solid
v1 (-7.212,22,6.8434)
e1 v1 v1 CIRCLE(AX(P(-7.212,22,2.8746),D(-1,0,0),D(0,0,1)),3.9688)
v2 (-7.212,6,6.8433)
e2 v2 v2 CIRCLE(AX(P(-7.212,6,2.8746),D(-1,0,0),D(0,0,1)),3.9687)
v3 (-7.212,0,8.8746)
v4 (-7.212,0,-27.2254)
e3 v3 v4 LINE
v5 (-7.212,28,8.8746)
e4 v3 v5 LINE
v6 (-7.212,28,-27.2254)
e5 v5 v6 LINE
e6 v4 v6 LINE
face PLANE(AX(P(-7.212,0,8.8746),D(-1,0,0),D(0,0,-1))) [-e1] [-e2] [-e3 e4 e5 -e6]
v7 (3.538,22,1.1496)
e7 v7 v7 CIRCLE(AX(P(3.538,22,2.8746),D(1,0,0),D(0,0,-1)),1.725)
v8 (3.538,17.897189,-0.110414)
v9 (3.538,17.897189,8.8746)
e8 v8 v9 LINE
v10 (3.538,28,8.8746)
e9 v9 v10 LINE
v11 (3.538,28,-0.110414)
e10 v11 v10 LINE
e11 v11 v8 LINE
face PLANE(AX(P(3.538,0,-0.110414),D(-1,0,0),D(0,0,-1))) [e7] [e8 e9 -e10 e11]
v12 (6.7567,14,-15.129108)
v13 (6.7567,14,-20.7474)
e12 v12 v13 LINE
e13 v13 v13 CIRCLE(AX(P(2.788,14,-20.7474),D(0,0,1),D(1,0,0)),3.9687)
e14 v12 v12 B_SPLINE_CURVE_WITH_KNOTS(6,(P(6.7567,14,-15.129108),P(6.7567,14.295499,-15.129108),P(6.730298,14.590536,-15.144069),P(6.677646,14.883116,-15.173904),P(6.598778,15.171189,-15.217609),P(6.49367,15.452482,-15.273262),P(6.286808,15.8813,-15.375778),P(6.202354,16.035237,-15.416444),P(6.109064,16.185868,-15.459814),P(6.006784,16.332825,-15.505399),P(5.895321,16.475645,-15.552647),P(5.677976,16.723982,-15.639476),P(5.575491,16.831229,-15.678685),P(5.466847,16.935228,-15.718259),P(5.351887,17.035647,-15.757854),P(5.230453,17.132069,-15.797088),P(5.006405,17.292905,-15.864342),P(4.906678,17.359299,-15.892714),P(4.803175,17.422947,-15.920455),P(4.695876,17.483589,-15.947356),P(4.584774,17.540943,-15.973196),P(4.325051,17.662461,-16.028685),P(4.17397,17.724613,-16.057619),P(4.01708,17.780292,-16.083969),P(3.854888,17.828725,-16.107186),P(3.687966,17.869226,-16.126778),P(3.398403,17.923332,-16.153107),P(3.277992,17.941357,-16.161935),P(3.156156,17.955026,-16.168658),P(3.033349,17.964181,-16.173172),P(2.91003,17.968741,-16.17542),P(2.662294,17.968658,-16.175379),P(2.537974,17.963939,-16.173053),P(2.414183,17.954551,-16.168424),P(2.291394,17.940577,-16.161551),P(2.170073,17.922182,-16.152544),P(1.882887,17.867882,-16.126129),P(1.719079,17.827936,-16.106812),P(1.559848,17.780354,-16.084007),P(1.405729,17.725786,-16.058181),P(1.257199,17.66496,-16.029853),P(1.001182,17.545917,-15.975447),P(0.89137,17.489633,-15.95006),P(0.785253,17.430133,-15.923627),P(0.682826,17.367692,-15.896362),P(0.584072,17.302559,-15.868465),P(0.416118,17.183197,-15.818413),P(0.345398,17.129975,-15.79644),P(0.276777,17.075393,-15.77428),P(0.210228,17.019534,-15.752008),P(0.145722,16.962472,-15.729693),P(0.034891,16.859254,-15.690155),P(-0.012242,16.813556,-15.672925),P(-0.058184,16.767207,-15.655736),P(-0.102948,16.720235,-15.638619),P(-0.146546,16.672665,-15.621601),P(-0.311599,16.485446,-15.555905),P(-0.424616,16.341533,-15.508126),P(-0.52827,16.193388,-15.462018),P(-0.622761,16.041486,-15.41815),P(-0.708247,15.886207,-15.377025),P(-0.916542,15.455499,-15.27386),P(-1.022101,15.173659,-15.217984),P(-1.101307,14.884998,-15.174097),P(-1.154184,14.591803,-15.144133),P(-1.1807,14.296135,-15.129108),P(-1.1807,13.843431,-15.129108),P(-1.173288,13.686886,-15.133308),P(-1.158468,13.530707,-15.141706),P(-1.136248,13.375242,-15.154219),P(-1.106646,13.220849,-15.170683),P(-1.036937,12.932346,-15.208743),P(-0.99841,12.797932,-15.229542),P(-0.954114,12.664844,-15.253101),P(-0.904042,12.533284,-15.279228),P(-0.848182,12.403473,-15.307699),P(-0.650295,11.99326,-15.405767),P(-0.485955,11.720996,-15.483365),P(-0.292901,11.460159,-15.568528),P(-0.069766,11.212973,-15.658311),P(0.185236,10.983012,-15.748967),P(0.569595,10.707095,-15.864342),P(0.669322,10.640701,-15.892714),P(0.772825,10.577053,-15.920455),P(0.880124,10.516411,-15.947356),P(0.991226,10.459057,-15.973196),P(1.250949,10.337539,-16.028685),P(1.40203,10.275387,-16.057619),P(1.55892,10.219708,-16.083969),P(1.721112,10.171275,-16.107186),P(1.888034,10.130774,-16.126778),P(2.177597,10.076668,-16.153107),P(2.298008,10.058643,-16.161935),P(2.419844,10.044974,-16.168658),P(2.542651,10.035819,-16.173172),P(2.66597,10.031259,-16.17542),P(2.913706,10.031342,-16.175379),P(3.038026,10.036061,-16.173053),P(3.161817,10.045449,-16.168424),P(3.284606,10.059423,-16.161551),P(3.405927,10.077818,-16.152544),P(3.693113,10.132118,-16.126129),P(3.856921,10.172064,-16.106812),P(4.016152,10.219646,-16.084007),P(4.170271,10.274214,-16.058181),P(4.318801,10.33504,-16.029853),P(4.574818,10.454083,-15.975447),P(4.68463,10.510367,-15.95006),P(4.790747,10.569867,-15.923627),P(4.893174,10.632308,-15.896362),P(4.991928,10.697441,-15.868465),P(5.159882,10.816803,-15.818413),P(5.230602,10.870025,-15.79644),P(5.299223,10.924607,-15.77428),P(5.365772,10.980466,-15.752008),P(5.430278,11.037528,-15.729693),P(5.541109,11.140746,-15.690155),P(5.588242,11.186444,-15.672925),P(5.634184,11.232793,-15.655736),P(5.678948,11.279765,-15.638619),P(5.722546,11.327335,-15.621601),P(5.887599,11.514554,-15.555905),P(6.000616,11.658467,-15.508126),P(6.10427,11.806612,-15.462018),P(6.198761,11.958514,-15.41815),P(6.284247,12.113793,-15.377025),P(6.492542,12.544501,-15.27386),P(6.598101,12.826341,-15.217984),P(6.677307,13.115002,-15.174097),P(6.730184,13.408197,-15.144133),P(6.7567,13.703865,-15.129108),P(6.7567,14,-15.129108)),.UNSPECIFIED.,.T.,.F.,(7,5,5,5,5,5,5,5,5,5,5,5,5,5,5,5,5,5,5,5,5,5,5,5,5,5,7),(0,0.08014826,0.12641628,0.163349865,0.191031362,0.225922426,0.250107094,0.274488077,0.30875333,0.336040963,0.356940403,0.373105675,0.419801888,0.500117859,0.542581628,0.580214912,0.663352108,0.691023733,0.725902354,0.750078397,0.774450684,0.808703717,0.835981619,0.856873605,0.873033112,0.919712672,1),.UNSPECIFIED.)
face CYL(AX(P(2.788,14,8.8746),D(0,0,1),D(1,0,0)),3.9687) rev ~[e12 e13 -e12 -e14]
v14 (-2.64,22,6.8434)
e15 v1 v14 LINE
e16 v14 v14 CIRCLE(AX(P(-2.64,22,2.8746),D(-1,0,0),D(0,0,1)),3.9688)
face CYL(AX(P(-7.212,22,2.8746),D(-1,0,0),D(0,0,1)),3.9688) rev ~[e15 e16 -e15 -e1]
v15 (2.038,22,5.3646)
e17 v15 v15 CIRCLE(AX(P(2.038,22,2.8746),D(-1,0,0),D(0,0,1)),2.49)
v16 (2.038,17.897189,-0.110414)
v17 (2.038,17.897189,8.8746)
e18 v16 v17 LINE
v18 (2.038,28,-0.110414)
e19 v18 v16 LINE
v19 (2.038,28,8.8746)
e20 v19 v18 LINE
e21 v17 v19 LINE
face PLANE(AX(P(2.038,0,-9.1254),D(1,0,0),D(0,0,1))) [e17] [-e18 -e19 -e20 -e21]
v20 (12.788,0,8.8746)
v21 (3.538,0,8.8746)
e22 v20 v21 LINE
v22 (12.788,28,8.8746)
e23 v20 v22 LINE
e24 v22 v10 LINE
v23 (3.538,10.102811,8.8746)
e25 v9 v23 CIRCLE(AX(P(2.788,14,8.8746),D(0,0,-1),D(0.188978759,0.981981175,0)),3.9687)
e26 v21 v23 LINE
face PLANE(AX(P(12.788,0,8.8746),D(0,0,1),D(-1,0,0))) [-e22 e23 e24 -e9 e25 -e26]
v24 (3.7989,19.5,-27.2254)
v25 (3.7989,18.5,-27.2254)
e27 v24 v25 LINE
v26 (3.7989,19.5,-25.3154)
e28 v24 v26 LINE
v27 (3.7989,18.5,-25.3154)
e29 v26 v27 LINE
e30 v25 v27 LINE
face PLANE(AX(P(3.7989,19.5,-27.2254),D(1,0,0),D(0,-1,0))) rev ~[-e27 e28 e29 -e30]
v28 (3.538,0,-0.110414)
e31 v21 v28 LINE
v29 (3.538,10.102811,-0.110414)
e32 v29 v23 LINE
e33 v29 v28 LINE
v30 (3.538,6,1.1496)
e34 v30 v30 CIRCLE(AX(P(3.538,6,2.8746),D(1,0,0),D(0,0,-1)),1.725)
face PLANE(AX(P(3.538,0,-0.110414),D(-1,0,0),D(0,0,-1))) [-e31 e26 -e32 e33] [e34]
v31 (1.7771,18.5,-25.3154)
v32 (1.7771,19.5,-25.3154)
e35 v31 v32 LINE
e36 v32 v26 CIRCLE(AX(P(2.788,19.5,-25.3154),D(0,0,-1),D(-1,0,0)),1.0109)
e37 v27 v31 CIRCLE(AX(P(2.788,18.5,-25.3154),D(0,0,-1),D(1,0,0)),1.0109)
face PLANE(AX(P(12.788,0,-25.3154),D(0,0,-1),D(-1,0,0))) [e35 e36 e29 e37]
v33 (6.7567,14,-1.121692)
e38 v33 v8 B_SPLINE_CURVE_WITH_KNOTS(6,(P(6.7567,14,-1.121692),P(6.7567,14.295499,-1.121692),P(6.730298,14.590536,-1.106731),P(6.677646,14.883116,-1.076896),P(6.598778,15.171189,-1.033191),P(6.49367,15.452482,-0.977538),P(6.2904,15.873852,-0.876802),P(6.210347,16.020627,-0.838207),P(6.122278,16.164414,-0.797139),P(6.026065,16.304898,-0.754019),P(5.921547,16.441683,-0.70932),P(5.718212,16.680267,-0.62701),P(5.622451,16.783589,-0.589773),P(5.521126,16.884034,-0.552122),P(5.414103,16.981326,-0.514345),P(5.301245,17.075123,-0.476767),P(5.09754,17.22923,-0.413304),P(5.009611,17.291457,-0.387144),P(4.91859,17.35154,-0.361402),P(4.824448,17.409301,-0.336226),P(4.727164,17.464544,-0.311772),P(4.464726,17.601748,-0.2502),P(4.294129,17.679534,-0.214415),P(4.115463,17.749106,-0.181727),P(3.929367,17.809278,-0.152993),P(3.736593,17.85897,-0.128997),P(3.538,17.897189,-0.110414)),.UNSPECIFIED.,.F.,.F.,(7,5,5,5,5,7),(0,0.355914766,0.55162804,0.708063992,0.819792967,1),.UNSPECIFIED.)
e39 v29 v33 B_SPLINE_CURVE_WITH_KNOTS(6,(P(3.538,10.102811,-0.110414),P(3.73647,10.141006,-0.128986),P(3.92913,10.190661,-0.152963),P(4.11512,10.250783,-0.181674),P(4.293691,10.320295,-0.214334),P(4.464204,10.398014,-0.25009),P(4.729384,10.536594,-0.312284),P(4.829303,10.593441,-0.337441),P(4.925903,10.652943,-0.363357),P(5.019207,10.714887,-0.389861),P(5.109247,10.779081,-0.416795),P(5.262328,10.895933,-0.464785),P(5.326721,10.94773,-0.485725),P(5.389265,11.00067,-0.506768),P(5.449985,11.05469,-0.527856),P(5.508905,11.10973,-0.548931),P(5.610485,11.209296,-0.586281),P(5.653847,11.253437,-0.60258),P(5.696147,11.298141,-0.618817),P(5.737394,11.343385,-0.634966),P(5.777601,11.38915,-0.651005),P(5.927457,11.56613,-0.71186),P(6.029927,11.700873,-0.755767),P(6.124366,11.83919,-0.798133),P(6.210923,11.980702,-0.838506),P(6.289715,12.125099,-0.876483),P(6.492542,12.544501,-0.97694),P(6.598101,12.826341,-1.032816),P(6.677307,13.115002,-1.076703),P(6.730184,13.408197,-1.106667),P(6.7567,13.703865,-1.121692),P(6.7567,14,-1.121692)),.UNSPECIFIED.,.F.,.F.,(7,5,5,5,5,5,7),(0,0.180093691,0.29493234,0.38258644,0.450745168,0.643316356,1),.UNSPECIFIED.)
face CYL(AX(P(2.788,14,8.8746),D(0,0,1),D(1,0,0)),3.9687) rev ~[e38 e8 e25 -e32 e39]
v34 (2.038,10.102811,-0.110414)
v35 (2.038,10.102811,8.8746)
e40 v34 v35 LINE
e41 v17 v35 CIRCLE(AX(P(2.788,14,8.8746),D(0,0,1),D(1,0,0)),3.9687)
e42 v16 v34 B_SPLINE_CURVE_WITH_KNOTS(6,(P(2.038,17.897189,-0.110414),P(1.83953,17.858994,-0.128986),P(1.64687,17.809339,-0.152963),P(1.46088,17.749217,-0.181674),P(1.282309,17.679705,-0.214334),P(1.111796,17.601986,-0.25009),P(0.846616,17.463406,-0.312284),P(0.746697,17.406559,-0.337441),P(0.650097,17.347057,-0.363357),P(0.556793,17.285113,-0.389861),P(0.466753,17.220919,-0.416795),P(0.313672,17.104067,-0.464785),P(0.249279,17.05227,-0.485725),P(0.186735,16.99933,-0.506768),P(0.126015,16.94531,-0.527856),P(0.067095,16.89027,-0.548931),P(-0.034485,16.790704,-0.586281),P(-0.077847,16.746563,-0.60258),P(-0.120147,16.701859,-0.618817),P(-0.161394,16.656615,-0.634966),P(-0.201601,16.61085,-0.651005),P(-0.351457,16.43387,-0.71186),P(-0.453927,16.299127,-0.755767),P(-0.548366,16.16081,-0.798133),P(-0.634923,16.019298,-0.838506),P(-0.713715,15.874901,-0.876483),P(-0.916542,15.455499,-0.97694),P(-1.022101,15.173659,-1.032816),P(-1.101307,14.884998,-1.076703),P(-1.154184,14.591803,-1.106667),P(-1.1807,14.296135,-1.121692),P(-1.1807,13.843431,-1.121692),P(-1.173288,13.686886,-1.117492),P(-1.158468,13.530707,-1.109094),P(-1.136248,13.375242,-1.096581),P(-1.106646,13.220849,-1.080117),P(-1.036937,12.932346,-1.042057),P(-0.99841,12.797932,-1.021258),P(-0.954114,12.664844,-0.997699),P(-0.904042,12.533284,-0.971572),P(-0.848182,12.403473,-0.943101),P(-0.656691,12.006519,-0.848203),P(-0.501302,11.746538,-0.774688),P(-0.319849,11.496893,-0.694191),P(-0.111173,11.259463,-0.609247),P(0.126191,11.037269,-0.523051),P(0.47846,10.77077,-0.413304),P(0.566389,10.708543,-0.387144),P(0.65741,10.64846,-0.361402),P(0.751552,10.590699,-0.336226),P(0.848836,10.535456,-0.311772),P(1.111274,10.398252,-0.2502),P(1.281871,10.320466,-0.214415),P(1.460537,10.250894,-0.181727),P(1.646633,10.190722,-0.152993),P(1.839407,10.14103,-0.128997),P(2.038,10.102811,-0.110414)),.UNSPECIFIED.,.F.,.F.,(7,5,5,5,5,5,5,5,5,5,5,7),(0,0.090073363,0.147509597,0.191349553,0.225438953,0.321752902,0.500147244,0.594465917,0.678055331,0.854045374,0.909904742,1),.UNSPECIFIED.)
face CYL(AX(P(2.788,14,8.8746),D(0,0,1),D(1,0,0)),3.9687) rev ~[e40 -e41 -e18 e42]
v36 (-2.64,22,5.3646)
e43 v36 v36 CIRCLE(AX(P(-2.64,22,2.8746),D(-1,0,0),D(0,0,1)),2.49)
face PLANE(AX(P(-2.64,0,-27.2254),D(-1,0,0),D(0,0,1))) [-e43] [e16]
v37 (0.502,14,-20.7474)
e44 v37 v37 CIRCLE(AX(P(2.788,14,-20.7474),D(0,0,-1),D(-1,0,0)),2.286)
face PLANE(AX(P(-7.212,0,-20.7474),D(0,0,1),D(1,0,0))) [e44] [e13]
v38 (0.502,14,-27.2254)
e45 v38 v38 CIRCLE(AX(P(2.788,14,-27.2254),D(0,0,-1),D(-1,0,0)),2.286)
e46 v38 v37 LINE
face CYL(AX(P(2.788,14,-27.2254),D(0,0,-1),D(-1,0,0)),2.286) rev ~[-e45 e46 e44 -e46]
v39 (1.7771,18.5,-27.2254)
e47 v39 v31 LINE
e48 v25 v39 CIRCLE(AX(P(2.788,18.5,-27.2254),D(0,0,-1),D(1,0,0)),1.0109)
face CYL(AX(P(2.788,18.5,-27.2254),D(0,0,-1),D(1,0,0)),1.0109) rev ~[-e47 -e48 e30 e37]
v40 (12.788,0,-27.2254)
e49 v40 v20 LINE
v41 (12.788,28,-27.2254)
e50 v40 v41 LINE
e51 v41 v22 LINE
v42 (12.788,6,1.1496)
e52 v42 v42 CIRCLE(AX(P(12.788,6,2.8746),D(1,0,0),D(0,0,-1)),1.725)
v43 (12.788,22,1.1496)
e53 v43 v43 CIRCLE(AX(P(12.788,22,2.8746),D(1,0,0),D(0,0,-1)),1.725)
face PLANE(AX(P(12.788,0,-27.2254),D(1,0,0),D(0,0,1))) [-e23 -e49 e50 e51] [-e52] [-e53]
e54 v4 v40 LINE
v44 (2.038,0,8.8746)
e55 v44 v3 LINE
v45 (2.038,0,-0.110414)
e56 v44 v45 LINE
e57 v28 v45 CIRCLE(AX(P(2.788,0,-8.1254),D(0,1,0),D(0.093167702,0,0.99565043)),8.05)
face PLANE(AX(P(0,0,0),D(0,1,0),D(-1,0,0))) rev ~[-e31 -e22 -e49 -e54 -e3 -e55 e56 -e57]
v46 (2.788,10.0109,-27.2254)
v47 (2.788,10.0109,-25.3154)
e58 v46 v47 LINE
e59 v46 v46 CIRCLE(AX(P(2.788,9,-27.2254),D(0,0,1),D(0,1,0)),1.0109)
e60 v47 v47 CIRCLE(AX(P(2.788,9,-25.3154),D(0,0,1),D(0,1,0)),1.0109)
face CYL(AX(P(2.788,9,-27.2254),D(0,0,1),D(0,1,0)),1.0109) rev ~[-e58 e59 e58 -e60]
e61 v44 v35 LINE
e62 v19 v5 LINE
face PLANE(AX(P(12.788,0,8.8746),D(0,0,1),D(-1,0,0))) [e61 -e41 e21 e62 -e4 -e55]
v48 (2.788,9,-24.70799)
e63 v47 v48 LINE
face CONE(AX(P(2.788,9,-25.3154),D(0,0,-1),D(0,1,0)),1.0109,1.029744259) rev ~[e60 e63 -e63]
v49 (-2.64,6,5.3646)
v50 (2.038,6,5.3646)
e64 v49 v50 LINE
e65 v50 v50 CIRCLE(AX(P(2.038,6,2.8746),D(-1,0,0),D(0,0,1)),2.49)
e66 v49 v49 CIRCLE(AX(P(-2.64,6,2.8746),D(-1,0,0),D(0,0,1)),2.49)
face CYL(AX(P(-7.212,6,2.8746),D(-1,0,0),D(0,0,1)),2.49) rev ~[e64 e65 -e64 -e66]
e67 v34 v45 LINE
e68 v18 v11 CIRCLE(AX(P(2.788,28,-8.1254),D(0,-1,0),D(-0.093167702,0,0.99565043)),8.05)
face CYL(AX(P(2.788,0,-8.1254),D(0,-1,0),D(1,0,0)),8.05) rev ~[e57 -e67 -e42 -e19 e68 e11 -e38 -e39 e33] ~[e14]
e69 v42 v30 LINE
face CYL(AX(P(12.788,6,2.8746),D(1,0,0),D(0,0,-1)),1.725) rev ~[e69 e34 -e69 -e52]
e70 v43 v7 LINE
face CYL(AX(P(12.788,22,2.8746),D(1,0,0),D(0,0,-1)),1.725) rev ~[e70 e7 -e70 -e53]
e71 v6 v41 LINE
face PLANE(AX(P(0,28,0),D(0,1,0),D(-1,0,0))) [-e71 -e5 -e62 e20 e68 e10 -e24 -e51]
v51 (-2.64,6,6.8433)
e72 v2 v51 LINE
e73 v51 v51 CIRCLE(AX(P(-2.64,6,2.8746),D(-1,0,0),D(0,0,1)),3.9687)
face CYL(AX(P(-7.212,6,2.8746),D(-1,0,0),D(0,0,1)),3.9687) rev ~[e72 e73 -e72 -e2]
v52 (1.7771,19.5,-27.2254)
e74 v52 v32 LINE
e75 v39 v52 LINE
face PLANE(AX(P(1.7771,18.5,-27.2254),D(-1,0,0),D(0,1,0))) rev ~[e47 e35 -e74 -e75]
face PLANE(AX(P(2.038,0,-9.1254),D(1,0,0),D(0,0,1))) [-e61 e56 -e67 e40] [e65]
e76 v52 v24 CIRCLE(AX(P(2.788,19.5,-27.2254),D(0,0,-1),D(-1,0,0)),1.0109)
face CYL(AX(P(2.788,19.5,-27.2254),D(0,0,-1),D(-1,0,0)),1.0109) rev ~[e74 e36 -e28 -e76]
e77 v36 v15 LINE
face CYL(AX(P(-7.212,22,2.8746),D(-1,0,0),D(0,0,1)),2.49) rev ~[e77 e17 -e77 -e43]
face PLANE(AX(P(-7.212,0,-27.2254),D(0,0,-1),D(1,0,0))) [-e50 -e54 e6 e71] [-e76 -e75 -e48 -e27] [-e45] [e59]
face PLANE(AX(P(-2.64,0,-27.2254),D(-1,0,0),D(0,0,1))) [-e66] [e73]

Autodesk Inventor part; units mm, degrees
ref_plane "YZ Plane" through (0, 0, 0) normal (1, 0, 0) x (0, 1, 0)
ref_plane "XZ Plane" through (0, 0, 0) normal (0, 1, 0) x (-1, 0, 0)
ref_plane "XY Plane" through (0, 0, 0) normal (0, 0, 1) x (1, 0, 0)
sketch "Sketch1" plane through (0, 0, 0) normal (0, 1, 0) x (-1, 0, 0)
  line L0 (-12.788, 8.8746) -> (7.212, 8.8746)
  line L1 (7.212, 8.8746) -> (7.212, -27.2254)
  line L2 (7.212, -27.2254) -> (-12.788, -27.2254)
  line L3 (-12.788, -27.2254) -> (-12.788, 8.8746)
  point P0 (0, 0)
  dimension "d0" = 20
  dimension "d1" = 36.1
extrude "Extrusion1" add sketch "Sketch1" along normal blind 28
sketch "Sketch2" plane through (0, 0, 0) normal (0, -1, 0) x (1, 0, 0)
  line L0 (-7.212, -27.2254) -> (12.788, -27.2254) projected
  line L1 (12.788, -27.2254) -> (12.788, 8.8746) projected
  circle A0 centre (2.788, -8.1254) radius 8.05
  point P0 (0, 0)
  dimension "d4" = 10
  dimension "d5" = 16.1
  dimension "d6" = 19.1
extrude "Extrusion2" cut sketch "Sketch2" against normal blind 30
sketch "Sketch3" plane through (0, 0, 0) normal (0, -1, 0) x (1, 0, 0)
  circle A0 centre (2.788, -8.1254) radius 8.05 projected
  line L0 (12.788, 8.8746) -> (-7.212, 8.8746) projected
  line L1 (2.038, 8.8746) -> (3.538, 8.8746)
  line L2 (3.538, 8.8746) -> (3.538, -9.1254)
  line L3 (3.538, -9.1254) -> (2.038, -9.1254)
  line L4 (2.038, -9.1254) -> (2.038, 8.8746)
  point P0 (0, 0)
  dimension "d9" = 18
  dimension "d11" = 1.5
  dimension "d12" = 0.75
extrude "Extrusion3" cut sketch "Sketch3" against normal blind 30 contours L2 L3 L4 A0 | A0 L4 L0 L2 picked at (2.8714, -6.11)
sketch "Sketch4" plane through (12.788, 0, -27.2254) normal (0, 0, -1) x (-1, 0, 0)
  line L0 (0, 28) -> (20, 28) projected
  line L1 (0, 0) -> (0, 28) projected
  circle A0 centre (10, 14) radius 2.286
  point P0 (12.788, 0)
  dimension "d15" = 14
  dimension "d16" = 10
  dimension "d17" = 4.572
extrude "Extrusion4" cut sketch "Sketch4" against normal blind 10
sketch "Sketch6" plane through (-7.212, 0, -27.2254) normal (-1, 0, 0) x (0, 0, 1)
  line L0 (36.1, 0) -> (0, 0) projected
  line L1 (36.1, 0) -> (36.1, 28) projected
  line L2 (0, 28) -> (36.1, 28) projected
  circle A0 centre (30.1, 6) radius 2.49
  circle A1 centre (30.1, 22) radius 2.49
  point P0 (27.2254, 0)
  dimension "d20" = 6
  dimension "d21" = 6
  dimension "d22" = 4.98
  dimension "d23" = 4.98
  dimension "d24" = 6
  dimension "d25" = 6
extrude "Extrusion5" cut sketch "Sketch6" against normal blind 10
sketch "Sketch7" plane through (12.788, 0, 8.8746) normal (1, 0, 0) x (0, 0, -1)
  circle A0 centre (6, 6) radius 1.725
  circle A1 centre (6, 22) radius 1.725
  line L0 (36.1, 0) -> (0, 0) projected
  line L1 (0, 28) -> (36.1, 28) projected
  line L2 (0, 0) -> (0, 28) projected
  point P0 (8.8746, 0)
  dimension "d28" = 3.45
  dimension "d29" = 3.45
  dimension "d88" = 6
  dimension "d89" = 6
  dimension "d91" = 6
  dimension "d92" = 6
extrude "Extrusion8" cut sketch "Sketch7" against normal blind 10
thread "Thread8" size "8-32 UNC" class "2B" standard "ANSI Unified Screw Threads" full length
thread "Thread11" size "8-32 UNC" class "2B" standard "ANSI Unified Screw Threads" full length
sketch "Sketch11" plane through (12.788, 0, -27.2254) normal (0, 0, -1) x (-1, 0, 0)
  circle A0 centre (10, 14) radius 2.286 projected
  circle A1 centre (10, 14) radius 0.7841
  circle A2 centre (10, 9) radius 1.0109
  line L0 (10, 18) -> (10, 17) construction
  line L1 (11.0033, 17) -> (11.0033, 18)
  point P0 (12.788, 0)
  point P1 (10, 17.5)
  dimension "d69" = 5
  dimension "d71" = 2.0218
hole "Hole1" at (2.788, 9, -27.2254) direction (0, 0, 1) diameter 2.0218 depth 1.91 tip angle 118
sketch "Sketch13" plane through (12.788, 0, -27.2254) normal (0, 0, -1) x (-1, 0, 0)
  circle A0 centre (10, 9) radius 1.0109 projected
  line L0 (10, 18.5) -> (10, 19.5) construction
  line L1 (11.0109, 18.5) -> (11.0109, 19.5)
  line L2 (8.9891, 19.5) -> (8.9891, 18.5)
  arc A1 (8.9891, 18.5) -> (11.0109, 18.5) centre (10, 18.5) ccw
  arc A2 (11.0109, 19.5) -> (8.9891, 19.5) centre (10, 19.5) ccw
  point P0 (12.788, 0)
  point P1 (10, 19)
  dimension "d81" = 0.5
  dimension "d82" = 2.0218
  dimension "d97" = 10
extrude "Extrusion12" cut sketch "Sketch13" against normal blind 1.91 contours A1 L2 A2 L1
sketch "Sketch15" plane through (-7.212, 0, -27.2254) normal (-1, 0, 0) x (0, 0, 1)
  circle A0 centre (30.1, 22) radius 1.725 projected
  circle A1 centre (30.1, 22) radius 3.9688
  circle A2 centre (30.1, 6) radius 1.725 projected
  circle A3 centre (30.1, 6) radius 3.9687
  point P0 (27.2254, 0)
  point P1 (27.015, 20.5839)
  point P2 (27.015, 23.4161)
  point P3 (27.015, 4.5839)
  point P4 (27.015, 7.4161)
  dimension "d93" = 7.9375
  dimension "d94" = 7.9375
extrude "Extrusion13" cut sketch "Sketch15" against normal blind 4.572 contours A0 | A1 | A2 | A3
sketch "Sketch16" plane through (-7.212, 0, 8.8746) normal (0, 0, 1) x (1, 0, 0)
  circle A0 centre (10, 14) radius 2.286 projected
  circle A1 centre (10, 14) radius 3.9687
  point P0 (7.212, 0)
  dimension "d98" = 7.9375
extrude "Extrusion14" cut sketch "Sketch16" against normal blind 29.622 contours A0 | A1
ref_plane "Work Plane1" through (2.788, 28, 8.8746) normal (1, 0, 0) x (0, 0, -1)
properties part number "Galvo-Holder-PolarisMount_metal_v2"
